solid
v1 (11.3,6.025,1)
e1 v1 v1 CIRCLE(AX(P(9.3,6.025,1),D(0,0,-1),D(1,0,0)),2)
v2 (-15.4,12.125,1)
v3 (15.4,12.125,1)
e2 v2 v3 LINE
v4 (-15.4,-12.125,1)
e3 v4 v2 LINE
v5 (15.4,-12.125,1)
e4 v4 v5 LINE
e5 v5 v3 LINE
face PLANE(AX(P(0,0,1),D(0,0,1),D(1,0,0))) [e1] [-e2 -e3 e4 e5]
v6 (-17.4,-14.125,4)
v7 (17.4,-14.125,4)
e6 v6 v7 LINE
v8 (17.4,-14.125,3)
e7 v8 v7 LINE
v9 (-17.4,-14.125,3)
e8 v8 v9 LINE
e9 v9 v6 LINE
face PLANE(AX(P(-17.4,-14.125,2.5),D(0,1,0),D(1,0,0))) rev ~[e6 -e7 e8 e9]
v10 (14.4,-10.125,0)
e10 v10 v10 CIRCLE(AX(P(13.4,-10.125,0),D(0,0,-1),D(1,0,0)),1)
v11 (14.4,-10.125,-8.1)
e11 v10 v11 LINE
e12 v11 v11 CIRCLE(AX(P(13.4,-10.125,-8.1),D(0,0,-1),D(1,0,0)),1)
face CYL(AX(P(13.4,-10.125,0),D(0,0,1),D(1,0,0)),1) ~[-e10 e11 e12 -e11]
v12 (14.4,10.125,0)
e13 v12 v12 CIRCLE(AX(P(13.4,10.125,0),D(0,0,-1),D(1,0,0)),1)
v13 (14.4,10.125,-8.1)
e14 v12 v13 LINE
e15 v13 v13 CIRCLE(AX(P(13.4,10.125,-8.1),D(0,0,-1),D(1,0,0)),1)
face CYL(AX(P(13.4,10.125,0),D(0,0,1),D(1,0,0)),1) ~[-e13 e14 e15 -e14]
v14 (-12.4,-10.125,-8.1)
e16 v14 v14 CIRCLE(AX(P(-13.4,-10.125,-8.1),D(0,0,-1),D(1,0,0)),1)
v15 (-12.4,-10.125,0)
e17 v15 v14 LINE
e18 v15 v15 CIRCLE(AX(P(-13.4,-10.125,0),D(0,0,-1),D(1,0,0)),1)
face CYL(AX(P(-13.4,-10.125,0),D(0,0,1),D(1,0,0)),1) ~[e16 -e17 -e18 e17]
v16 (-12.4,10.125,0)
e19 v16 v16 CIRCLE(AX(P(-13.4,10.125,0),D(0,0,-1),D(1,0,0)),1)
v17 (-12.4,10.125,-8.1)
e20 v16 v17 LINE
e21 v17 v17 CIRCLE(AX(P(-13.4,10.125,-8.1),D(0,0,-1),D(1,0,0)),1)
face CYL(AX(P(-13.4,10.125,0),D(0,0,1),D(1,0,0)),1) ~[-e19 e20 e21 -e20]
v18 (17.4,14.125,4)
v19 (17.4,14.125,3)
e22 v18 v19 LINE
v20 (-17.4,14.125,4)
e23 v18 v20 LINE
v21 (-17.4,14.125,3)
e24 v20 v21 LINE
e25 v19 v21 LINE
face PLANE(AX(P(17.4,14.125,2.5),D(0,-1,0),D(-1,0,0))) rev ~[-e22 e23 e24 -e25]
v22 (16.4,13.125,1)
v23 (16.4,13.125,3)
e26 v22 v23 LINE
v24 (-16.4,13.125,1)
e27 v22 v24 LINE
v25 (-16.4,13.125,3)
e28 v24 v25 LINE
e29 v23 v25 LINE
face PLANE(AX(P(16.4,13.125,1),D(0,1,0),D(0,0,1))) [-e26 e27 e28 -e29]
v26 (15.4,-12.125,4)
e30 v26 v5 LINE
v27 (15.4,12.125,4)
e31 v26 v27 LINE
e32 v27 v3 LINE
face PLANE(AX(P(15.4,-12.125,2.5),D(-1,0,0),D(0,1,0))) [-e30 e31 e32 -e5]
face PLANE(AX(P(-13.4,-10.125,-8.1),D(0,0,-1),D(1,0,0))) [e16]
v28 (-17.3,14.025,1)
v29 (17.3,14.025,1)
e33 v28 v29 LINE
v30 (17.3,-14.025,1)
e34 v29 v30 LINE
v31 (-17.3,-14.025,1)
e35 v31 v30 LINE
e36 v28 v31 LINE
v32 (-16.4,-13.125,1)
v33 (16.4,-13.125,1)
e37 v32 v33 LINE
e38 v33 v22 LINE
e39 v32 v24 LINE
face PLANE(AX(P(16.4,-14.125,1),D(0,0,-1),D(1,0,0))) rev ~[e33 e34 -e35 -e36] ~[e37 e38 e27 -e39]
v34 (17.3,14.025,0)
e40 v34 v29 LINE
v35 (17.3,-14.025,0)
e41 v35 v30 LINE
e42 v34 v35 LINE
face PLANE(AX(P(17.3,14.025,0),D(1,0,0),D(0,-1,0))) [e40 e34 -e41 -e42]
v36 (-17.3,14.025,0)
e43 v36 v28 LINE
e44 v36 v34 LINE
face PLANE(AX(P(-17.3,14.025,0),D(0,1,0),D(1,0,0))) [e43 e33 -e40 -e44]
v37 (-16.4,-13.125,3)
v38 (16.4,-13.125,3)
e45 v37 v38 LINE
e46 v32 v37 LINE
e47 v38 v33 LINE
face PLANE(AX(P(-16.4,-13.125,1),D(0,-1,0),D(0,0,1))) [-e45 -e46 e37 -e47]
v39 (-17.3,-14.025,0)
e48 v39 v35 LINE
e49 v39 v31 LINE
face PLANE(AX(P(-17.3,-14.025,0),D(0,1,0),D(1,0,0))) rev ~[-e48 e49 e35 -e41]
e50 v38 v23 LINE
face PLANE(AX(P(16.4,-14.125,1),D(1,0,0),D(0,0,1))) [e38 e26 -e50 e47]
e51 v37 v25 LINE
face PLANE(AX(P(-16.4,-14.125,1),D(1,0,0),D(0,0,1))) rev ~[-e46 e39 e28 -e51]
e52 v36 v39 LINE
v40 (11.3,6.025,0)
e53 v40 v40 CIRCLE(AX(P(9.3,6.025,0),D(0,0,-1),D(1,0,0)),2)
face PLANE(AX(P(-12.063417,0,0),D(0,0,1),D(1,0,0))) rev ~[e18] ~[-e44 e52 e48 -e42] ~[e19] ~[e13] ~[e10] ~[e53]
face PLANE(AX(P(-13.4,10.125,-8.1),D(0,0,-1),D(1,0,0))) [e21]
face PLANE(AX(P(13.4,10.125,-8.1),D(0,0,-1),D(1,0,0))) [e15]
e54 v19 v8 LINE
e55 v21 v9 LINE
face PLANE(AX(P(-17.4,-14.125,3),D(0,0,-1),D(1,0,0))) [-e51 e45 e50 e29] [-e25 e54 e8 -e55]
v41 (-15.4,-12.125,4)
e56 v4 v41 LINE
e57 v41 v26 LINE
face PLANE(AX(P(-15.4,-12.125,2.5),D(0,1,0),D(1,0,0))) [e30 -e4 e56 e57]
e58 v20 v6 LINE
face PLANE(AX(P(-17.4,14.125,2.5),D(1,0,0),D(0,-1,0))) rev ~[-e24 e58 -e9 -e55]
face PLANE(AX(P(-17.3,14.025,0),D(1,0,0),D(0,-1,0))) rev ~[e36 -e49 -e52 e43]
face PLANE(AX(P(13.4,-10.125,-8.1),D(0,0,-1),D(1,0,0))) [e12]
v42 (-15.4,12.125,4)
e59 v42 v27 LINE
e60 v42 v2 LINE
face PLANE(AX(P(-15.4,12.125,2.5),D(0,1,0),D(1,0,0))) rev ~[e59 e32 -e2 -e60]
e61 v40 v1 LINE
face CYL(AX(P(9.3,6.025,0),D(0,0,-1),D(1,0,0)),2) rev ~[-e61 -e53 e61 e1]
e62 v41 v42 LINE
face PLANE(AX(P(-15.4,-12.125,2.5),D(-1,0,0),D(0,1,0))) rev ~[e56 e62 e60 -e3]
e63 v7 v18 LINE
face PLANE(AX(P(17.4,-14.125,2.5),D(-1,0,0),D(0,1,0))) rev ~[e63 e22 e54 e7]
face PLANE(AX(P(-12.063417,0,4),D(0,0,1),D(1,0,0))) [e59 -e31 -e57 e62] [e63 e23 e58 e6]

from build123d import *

# Parameters (mm, degrees)
F1_DEPTH  = 2.5
F2_W      = 30.8
F2_H      = 24.25
F3_DEPTH  = 1.5
F4_DEPTH  = 1.5
F5_W      = 1
F5_H      = 2
F6_DEPTH  = 28.251
F7_W      = 1
F7_H      = 2
F8_DEPTH  = 28.251
F9_W      = 1
F9_H      = 2
F10_DEPTH = 33.801
F11_W     = 1
F11_H     = 2
F12_DEPTH = 33.801
F15_R     = 1
F13_R     = 1
F16_R     = 1
F17_DEPTH = 8.1
F18_W     = 34.8
F18_H     = 28.25
F18_W_2   = 34.6
F18_H_2   = 28.05
F19_DEPTH = 1
F20_R     = 2
F21_DEPTH = 4.001


with BuildPart() as f1:
    # F0 (on Top) → F1 (new body)
    with BuildSketch(Plane.XY):
        Polygon((-17.4, 14.125), (-17.4, -14.125), (0, 0), align=None)
        Polygon((0, 0), (-17.4, -14.125), (17.4, -14.125), align=None)
        Polygon((0, 0), (17.4, -14.125), (17.4, 14.125), align=None)
        Polygon((17.4, 14.125), (-17.4, 14.125), (0, 0), align=None)
    extrude(amount=F1_DEPTH)

    # F2 (on face) → F3 (cut)
    with BuildSketch(Plane.XY.offset(2.5)):
        Rectangle(F2_W, F2_H)
    extrude(amount=-F3_DEPTH, mode=Mode.SUBTRACT)

    # F4 (add): a face of the model
    f4_faces = [f1.faces().sort_by_distance(p)[0] for p in [
        (-16.9517698694, 0, 2.5),
    ]]
    extrude(f4_faces, amount=F4_DEPTH)

    # F5 (on face) → F6 (cut, through all)
    with BuildSketch(Plane.XZ.offset(14.125)):
        with Locations((-16.9, 2)):
            Rectangle(F5_W, F5_H)
    extrude(amount=-F6_DEPTH, mode=Mode.SUBTRACT)

    # F7 (on face) → F8 (cut, through all)
    with BuildSketch(Plane.XZ.offset(14.125)):
        with Locations((16.9, 2)):
            Rectangle(F7_W, F7_H)
    extrude(amount=-F8_DEPTH, mode=Mode.SUBTRACT)

    # F9 (on face) → F10 (cut, through all)
    with BuildSketch(Plane(origin=(-16.4, 0, 0), x_dir=(0, -1, 0), z_dir=(-1, 0, 0))):
        with Locations((13.625, 2)):
            Rectangle(F9_W, F9_H)
    extrude(amount=-F10_DEPTH, mode=Mode.SUBTRACT)

    # F11 (on face) → F12 (cut, through all)
    with BuildSketch(Plane.YZ.offset(16.4)):
        with Locations((13.625, 2)):
            Rectangle(F11_W, F11_H)
    extrude(amount=-F12_DEPTH, mode=Mode.SUBTRACT)

    # F15 (on face) + F13 (on face) + F16 (on face) → F17 (join)
    with BuildSketch(Plane(origin=(0, 0, 0), x_dir=(1, 0, 0), z_dir=(0, 0, -1))):
        with Locations((-13.4, -10.125)):
            Circle(F15_R)
        with Locations((-13.4, 10.125)):
            Circle(F15_R)
    with BuildSketch(Plane(origin=(0, 0, 0), x_dir=(1, 0, 0), z_dir=(0, 0, -1))):
        with Locations((13.4, -10.125)):
            Circle(F13_R)
    with BuildSketch(Plane(origin=(0, 0, 0), x_dir=(1, 0, 0), z_dir=(0, 0, -1))):
        with Locations((13.4, 10.125)):
            Circle(F16_R)
    extrude(amount=F17_DEPTH)

    # F18 (on face) → F19 (cut, through all)
    with BuildSketch(Plane(origin=(0, 0, 0), x_dir=(1, 0, 0), z_dir=(0, 0, -1))):
        Rectangle(F18_W, F18_H)
        Rectangle(F18_W_2, F18_H_2, mode=Mode.SUBTRACT)
    extrude(amount=-F19_DEPTH, mode=Mode.SUBTRACT)

    # F20 (on face) → F21 (cut, through all)
    with BuildSketch(Plane(origin=(0, 0, 0), x_dir=(1, 0, 0), z_dir=(0, 0, -1))):
        with Locations((9.3, -6.025)):
            Circle(F20_R)
    extrude(amount=-F21_DEPTH, mode=Mode.SUBTRACT)


solid = f1.part
